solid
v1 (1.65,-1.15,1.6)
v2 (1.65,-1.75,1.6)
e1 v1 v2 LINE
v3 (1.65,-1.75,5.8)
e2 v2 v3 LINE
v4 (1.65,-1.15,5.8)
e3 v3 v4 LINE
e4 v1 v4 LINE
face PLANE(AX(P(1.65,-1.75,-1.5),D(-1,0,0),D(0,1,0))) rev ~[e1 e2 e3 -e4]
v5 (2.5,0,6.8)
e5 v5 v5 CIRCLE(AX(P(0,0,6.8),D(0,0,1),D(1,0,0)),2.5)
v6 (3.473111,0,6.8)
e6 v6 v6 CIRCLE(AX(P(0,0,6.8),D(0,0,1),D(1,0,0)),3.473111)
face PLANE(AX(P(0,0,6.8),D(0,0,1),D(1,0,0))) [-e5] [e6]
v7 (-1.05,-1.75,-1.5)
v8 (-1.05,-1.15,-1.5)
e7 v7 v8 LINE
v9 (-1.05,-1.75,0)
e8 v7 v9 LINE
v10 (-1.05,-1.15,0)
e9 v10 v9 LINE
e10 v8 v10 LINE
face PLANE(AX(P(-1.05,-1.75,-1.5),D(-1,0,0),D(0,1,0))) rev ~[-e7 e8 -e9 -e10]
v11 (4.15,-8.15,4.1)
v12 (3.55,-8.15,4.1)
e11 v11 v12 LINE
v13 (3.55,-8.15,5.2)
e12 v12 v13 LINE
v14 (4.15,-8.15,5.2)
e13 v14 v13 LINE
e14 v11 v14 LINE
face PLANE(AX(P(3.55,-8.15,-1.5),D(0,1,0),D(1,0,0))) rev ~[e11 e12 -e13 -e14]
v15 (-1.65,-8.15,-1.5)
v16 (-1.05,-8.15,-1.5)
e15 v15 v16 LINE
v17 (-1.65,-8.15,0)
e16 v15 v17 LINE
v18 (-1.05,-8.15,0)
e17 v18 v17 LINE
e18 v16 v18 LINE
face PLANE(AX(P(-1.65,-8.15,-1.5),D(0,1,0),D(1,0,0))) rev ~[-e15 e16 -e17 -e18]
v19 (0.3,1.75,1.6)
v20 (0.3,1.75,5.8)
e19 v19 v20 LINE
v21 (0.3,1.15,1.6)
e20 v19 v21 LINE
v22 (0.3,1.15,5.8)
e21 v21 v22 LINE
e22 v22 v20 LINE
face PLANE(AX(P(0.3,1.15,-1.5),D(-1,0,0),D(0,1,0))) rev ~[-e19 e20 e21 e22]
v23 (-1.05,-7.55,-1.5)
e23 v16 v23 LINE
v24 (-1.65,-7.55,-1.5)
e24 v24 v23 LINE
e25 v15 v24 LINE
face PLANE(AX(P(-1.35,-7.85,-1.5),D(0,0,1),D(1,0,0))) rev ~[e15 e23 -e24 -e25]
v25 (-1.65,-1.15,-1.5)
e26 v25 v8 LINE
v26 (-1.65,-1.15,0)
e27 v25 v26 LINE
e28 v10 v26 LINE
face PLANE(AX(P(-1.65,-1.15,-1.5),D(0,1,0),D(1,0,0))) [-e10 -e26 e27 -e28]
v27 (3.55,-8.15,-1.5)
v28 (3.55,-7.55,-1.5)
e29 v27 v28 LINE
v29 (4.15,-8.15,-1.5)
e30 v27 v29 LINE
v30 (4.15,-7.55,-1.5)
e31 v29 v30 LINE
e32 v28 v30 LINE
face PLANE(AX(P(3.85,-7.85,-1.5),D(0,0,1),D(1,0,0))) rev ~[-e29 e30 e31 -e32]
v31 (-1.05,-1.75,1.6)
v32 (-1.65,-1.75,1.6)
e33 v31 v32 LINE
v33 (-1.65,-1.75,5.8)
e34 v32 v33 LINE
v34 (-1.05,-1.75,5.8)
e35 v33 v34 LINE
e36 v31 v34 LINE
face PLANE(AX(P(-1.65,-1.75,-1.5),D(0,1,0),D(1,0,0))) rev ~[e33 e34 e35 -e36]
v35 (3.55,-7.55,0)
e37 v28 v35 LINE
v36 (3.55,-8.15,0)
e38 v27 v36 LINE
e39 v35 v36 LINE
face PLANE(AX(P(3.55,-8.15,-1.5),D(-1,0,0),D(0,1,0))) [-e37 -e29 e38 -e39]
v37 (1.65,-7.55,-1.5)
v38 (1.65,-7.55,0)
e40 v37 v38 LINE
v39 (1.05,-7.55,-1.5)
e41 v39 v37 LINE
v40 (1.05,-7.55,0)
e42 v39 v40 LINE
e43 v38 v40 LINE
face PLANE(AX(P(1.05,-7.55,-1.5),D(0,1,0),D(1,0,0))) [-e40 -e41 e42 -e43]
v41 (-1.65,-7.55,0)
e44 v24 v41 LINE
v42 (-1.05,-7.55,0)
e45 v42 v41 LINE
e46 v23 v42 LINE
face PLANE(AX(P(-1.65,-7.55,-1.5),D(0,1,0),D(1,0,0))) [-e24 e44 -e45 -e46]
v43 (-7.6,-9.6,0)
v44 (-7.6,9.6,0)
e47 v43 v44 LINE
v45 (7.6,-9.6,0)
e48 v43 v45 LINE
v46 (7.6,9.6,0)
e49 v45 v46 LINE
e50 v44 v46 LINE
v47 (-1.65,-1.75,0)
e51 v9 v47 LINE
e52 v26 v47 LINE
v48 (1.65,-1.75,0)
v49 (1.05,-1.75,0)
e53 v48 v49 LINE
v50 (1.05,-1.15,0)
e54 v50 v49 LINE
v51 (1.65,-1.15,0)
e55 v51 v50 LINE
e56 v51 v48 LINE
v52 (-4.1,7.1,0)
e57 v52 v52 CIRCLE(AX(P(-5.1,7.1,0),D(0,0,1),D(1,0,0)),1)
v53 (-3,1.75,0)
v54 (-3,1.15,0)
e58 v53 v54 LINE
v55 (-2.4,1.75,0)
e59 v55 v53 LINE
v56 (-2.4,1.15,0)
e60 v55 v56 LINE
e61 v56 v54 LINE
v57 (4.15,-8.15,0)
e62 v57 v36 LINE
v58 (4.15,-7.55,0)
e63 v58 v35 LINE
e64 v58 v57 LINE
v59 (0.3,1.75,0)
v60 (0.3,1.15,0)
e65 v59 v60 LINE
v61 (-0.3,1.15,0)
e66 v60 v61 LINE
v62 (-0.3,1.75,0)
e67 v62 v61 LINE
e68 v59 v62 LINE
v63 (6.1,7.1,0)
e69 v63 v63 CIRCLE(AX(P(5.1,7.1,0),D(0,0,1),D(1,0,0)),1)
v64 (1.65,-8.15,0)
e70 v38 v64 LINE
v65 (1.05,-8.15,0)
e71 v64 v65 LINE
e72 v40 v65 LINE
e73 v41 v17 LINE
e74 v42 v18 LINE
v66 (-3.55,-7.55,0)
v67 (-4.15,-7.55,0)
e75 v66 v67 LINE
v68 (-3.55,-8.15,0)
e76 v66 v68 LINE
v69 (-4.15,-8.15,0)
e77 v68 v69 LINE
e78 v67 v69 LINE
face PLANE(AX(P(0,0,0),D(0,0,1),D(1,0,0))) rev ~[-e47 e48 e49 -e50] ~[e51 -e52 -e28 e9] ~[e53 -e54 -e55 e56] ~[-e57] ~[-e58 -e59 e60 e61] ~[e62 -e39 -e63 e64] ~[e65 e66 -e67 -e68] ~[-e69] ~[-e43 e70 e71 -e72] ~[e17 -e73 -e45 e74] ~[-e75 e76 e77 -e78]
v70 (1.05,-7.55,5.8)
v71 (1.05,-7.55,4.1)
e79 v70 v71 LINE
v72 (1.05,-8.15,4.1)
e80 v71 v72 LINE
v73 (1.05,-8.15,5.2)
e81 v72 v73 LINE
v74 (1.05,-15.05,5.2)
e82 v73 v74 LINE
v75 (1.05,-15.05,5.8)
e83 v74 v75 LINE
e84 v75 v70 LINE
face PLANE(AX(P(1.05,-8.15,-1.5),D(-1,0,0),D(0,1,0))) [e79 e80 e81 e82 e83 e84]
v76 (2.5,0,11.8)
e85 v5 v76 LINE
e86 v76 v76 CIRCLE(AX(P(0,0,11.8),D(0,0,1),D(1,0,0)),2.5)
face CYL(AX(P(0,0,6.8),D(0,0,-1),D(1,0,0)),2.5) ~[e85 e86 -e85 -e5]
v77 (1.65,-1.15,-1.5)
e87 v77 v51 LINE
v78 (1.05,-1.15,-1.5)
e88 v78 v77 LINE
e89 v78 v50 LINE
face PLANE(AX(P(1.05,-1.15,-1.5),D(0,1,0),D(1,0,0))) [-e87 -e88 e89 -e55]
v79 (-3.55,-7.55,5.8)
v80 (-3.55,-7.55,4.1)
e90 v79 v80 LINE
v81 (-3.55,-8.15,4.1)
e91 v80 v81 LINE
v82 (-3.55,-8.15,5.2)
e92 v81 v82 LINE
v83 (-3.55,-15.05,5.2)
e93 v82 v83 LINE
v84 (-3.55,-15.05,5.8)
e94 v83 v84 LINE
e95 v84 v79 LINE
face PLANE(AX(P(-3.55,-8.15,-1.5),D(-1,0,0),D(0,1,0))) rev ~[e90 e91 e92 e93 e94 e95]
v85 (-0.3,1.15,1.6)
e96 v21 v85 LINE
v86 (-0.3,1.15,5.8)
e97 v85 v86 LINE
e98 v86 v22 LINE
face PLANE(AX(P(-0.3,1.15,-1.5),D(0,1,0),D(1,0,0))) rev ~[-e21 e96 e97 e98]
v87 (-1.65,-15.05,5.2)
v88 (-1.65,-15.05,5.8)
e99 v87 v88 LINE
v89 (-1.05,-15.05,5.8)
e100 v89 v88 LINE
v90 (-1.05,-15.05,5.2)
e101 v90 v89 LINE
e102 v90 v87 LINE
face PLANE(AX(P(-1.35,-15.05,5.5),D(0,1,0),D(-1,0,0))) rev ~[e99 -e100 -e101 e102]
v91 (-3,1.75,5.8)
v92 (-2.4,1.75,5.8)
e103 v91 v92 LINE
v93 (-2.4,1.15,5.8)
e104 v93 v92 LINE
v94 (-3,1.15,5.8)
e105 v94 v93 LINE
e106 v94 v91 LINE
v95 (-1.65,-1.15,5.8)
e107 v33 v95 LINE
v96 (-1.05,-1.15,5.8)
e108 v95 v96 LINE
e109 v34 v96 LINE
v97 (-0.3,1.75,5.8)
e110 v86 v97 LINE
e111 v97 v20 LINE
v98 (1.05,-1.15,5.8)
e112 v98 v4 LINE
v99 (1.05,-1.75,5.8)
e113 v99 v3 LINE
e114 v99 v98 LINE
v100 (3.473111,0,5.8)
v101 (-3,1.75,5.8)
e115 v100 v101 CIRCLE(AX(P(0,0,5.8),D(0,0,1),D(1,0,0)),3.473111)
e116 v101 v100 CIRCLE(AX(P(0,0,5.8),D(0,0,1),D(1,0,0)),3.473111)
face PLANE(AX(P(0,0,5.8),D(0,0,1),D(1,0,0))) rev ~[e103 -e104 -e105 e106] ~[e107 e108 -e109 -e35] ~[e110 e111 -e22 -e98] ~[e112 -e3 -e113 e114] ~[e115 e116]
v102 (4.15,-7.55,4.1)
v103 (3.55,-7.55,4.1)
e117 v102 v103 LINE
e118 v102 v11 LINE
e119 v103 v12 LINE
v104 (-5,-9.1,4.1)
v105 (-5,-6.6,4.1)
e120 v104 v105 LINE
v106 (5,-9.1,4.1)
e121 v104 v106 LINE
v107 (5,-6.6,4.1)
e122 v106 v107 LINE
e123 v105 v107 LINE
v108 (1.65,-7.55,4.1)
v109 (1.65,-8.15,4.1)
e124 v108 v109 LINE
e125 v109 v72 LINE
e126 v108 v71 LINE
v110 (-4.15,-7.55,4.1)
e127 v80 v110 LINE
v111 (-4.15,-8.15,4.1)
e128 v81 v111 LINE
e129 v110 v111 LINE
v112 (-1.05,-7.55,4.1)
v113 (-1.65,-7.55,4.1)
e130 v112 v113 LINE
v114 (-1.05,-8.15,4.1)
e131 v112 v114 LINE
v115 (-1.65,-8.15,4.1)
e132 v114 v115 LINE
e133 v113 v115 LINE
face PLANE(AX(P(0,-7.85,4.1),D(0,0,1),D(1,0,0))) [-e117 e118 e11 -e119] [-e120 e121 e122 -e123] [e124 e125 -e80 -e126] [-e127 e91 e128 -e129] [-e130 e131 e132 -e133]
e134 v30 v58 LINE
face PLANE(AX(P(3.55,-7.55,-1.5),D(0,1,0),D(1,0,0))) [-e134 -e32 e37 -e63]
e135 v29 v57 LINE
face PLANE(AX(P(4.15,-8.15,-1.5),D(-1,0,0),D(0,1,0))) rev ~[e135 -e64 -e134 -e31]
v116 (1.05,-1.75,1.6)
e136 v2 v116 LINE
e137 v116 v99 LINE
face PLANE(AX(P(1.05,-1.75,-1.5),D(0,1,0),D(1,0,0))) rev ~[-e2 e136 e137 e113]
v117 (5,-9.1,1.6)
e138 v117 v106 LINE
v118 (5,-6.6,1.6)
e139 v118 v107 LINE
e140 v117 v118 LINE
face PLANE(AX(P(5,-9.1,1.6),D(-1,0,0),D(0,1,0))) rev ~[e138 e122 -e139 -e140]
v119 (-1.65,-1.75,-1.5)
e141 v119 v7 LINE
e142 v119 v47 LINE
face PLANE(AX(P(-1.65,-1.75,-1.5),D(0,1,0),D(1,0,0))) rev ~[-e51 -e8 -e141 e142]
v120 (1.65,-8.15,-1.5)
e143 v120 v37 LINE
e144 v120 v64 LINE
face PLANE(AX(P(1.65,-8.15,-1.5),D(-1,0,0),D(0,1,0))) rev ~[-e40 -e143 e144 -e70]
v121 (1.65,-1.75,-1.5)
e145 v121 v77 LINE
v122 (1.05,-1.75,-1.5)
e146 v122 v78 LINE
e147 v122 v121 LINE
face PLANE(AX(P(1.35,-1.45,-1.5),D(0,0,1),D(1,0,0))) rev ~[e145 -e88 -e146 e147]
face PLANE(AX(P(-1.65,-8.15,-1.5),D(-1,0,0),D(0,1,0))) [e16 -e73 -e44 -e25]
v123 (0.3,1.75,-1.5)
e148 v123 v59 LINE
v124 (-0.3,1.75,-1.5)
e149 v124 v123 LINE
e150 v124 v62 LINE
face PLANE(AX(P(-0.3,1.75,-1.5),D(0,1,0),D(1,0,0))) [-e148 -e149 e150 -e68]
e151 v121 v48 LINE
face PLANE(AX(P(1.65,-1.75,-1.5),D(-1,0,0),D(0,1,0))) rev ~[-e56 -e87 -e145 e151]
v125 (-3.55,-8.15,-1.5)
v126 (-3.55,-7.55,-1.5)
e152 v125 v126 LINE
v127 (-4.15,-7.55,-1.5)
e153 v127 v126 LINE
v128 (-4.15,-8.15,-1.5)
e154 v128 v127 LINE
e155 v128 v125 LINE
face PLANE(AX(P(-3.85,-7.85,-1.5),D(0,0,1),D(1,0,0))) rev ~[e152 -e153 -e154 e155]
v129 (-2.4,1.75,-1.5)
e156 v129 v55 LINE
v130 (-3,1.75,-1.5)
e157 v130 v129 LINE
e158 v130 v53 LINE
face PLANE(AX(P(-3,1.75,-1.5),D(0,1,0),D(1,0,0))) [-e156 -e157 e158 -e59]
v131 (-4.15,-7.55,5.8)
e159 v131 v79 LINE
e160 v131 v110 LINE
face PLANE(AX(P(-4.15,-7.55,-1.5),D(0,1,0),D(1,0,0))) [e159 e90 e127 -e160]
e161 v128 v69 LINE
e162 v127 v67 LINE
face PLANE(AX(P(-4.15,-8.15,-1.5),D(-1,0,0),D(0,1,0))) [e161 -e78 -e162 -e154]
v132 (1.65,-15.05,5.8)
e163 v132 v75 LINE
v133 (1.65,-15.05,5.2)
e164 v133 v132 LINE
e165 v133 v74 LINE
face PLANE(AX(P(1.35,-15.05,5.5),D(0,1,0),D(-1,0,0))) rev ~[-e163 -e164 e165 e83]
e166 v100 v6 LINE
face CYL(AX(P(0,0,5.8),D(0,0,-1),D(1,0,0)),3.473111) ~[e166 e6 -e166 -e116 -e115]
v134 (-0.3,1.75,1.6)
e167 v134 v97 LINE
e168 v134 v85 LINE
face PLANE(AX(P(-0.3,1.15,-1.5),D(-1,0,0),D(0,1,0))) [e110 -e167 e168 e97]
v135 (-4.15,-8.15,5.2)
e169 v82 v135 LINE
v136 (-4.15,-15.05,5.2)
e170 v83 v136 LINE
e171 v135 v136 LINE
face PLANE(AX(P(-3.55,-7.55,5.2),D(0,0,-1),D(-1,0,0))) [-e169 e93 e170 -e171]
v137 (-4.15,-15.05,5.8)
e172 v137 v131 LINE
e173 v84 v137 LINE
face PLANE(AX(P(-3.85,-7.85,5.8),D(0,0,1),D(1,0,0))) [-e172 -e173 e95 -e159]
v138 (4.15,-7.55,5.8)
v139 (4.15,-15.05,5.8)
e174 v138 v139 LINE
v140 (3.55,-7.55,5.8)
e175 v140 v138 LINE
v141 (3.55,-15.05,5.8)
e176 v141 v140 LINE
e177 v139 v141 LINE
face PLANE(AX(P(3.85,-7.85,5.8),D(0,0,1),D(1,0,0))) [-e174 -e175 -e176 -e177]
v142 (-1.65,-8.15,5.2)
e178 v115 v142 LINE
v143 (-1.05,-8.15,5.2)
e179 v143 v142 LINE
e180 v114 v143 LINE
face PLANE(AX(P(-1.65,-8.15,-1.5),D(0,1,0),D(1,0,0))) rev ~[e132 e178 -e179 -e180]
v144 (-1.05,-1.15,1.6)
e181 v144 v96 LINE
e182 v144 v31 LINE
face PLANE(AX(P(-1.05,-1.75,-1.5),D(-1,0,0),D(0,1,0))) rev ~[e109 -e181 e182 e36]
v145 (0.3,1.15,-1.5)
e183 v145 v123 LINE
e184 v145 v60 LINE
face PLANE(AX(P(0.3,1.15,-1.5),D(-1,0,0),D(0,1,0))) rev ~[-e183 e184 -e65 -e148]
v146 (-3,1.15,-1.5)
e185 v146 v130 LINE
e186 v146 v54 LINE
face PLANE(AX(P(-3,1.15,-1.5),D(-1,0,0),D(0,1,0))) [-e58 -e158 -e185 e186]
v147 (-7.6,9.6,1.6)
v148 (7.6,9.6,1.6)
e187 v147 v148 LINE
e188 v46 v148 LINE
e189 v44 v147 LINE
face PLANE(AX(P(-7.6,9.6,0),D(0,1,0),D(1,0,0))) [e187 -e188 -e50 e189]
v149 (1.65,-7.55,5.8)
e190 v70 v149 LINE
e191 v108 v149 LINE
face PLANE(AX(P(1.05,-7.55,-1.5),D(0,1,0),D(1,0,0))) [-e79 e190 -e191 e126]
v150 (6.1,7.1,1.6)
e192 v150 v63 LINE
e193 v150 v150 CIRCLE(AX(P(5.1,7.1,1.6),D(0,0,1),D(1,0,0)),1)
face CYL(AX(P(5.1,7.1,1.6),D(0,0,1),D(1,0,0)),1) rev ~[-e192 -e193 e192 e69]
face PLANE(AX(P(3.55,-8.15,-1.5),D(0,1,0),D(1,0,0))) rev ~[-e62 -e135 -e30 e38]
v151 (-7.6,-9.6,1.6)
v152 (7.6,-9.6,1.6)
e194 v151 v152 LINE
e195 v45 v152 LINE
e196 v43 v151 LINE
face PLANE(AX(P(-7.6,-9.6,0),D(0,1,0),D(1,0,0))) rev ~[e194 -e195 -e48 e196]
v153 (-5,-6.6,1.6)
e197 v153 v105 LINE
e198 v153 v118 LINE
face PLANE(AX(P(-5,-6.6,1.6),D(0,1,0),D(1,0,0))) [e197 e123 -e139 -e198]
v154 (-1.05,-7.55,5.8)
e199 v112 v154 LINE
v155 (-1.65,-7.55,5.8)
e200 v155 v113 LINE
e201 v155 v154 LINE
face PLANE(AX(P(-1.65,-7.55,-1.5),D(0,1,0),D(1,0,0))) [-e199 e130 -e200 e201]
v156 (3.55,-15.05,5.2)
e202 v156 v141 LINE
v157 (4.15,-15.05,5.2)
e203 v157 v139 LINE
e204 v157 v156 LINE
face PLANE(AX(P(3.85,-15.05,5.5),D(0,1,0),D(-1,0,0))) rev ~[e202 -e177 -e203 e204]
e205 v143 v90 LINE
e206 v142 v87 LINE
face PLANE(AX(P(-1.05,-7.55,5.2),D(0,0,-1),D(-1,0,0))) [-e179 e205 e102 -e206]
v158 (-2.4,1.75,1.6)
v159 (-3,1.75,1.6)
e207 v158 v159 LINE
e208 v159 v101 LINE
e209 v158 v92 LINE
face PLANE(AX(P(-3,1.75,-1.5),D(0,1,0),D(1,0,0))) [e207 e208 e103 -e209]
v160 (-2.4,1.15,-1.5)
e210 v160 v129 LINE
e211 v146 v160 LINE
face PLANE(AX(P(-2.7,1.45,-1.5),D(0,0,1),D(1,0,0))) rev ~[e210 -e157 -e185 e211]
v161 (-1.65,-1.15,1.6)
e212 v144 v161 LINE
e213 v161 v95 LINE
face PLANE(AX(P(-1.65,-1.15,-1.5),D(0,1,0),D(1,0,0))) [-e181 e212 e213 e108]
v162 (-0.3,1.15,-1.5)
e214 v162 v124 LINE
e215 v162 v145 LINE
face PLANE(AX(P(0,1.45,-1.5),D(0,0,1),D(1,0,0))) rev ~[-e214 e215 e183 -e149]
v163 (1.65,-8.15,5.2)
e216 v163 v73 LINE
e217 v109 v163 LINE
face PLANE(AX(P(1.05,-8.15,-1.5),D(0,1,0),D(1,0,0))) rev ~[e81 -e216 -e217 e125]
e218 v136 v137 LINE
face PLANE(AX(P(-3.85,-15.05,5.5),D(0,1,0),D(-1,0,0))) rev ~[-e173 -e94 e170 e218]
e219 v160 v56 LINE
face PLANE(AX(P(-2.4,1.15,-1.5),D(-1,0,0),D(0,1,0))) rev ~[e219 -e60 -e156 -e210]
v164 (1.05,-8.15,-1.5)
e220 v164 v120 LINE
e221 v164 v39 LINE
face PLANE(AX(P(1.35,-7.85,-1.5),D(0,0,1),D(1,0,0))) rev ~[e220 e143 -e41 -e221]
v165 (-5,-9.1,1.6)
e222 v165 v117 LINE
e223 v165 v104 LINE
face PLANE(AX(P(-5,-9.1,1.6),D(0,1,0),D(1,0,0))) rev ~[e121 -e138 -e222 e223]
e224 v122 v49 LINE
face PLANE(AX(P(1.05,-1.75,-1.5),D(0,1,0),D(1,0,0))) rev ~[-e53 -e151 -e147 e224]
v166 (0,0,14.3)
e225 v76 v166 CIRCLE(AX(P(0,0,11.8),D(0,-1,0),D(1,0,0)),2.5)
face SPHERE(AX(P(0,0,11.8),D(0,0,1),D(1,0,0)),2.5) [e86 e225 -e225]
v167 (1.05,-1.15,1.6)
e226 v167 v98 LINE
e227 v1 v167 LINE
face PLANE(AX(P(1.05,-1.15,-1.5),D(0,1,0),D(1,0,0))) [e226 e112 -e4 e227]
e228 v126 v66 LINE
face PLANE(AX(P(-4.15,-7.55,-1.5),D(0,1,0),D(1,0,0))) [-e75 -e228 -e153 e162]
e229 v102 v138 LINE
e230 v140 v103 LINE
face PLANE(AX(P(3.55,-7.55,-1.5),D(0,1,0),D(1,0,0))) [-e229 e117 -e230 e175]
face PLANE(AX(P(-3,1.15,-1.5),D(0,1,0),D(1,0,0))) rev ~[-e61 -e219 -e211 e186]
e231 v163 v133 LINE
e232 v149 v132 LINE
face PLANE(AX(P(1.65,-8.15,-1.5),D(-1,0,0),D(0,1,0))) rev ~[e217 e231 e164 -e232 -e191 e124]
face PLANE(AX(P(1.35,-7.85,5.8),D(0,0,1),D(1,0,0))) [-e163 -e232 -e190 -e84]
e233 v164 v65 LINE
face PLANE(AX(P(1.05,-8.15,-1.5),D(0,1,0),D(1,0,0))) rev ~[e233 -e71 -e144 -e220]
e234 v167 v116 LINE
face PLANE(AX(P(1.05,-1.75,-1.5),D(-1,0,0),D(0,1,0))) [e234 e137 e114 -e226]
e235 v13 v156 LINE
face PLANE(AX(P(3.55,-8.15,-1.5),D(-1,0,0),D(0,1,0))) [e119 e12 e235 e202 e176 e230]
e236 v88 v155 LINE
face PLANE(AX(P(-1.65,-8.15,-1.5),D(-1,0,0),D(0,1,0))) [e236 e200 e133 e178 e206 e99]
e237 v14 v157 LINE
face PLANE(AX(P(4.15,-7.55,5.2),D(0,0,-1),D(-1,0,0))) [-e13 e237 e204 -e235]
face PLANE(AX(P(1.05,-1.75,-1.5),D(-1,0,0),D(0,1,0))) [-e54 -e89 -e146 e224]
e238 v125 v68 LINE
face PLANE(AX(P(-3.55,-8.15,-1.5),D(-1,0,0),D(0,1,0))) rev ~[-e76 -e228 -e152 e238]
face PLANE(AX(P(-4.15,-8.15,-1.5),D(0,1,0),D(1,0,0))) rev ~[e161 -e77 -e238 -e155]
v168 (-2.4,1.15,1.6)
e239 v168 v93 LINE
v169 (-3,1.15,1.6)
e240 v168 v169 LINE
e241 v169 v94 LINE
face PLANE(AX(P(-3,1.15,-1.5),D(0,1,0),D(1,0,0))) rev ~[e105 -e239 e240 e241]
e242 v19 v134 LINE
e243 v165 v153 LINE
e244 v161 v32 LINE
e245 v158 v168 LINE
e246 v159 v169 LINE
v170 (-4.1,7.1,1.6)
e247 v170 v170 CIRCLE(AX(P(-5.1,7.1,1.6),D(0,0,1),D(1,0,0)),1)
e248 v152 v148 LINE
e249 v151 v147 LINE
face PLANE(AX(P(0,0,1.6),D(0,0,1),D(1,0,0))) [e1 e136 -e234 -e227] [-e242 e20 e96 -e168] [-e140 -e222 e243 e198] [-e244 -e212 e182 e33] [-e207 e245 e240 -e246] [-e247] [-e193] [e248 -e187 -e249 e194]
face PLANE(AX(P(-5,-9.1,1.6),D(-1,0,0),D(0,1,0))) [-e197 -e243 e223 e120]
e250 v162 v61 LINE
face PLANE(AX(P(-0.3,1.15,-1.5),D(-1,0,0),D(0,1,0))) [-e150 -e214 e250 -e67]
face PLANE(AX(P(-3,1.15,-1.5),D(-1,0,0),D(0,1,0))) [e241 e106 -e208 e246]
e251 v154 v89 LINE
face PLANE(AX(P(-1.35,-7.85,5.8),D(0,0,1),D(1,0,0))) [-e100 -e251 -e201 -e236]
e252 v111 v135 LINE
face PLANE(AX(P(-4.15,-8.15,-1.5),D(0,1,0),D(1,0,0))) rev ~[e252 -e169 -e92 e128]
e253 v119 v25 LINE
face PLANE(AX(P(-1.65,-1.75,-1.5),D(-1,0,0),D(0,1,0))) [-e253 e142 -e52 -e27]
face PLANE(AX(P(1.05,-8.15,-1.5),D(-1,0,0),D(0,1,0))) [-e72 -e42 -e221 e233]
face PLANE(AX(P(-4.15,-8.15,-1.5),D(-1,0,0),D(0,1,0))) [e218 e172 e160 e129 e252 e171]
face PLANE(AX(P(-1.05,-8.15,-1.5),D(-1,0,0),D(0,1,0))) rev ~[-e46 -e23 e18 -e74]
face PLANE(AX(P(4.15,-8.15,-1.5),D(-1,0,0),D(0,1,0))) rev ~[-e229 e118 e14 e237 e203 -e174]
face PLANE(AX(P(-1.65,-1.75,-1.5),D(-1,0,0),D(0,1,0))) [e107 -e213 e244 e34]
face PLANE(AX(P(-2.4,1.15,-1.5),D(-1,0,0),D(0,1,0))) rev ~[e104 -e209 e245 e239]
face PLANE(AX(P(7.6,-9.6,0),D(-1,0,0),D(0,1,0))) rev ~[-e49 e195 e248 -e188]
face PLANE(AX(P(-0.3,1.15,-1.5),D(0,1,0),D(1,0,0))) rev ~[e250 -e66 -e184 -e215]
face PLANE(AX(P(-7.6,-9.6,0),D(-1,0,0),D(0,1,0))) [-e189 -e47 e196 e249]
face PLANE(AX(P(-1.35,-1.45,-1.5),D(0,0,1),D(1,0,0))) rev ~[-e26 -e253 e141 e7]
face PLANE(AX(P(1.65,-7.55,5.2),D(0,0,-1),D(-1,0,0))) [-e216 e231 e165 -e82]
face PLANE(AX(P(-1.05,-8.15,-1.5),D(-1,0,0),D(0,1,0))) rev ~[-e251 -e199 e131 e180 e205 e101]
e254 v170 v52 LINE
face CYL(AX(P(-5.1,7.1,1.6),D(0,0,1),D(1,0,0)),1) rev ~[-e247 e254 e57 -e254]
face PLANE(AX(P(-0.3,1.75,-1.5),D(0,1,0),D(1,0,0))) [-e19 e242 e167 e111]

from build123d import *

# Parameters (mm, degrees)
F0_W      = 15.2
F0_H      = 19.2
F1_DEPTH  = 1.6
F2_R      = 1
F3_DEPTH  = 25
F4_W      = 10
F4_H      = 2.5
F5_DEPTH  = 2.5
F7_W      = 0.6
F7_H      = 0.6
F8_DEPTH  = 7.3
F9_W      = 0.6
F9_H      = 0.6
F10_DEPTH = 7.5
F11_R     = 3.473111
F12_DEPTH = 1
F13_R     = 2.5
F14_DEPTH = 7.5
F15_R     = 2.5


with BuildPart() as f1:
    # F0 (on Top) → F1 (new body)
    with BuildSketch(Plane.XY):
        Rectangle(F0_W, F0_H)
    extrude(amount=F1_DEPTH)

    # F2 (on face) → F3 (cut)
    with BuildSketch(Plane.XY.offset(1.6)):
        with Locations((-5.1, 7.1)):
            Circle(F2_R)
        with Locations((5.1, 7.1)):
            Circle(F2_R)
    extrude(amount=-F3_DEPTH, mode=Mode.SUBTRACT)

    # F4 (on face) → F5 (join)
    with BuildSketch(Plane.XY.offset(1.6)):
        with Locations((0, -7.85)):
            Rectangle(F4_W, F4_H)
    extrude(amount=F5_DEPTH)

    # F7 (on offset) → F8 (join)
    with BuildSketch(Plane.XY.offset(-1.5)):
        with Locations((3.85, -7.85)):
            Rectangle(F7_W, F7_H)
        with Locations((-3.85, -7.85)):
            Rectangle(F7_W, F7_H)
        with Locations((-1.35, -7.85)):
            Rectangle(F7_W, F7_H)
        with Locations((1.35, -7.85)):
            Rectangle(F7_W, F7_H)
        with Locations((1.35, -1.45)):
            Rectangle(F7_W, F7_H)
        with Locations((-1.35, -1.45)):
            Rectangle(F7_W, F7_H)
        with Locations((0, 1.45)):
            Rectangle(F7_W, F7_H)
        with Locations((-2.7, 1.45)):
            Rectangle(F7_W, F7_H)
    extrude(amount=F8_DEPTH)

    # F9 (on face) → F10 (join)
    with BuildSketch(Plane(origin=(0, -7.55, 0), x_dir=(-1, 0, 0), z_dir=(0, 1, 0))):
        with Locations((3.85, 5.5)):
            Rectangle(F9_W, F9_H)
        with Locations((-3.85, 5.5)):
            Rectangle(F9_W, F9_H)
        with Locations((1.35, 5.5)):
            Rectangle(F9_W, F9_H)
        with Locations((-1.35, 5.5)):
            Rectangle(F9_W, F9_H)
    extrude(amount=-F10_DEPTH)

    # F11 (on face) → F12 (join)
    with BuildSketch(Plane.XY.offset(5.8)):
        Circle(F11_R)
    extrude(amount=F12_DEPTH)

    # F13 (on face) → F14 (join)
    with BuildSketch(Plane.XY.offset(6.8)):
        Circle(F13_R)
    extrude(amount=F14_DEPTH)

    # F15
    f15_edges = [f1.edges().sort_by_distance(p)[0] for p in [
        (-2.5, 0, 14.3),
    ]]
    fillet(f15_edges, radius=F15_R)


solid = f1.part
